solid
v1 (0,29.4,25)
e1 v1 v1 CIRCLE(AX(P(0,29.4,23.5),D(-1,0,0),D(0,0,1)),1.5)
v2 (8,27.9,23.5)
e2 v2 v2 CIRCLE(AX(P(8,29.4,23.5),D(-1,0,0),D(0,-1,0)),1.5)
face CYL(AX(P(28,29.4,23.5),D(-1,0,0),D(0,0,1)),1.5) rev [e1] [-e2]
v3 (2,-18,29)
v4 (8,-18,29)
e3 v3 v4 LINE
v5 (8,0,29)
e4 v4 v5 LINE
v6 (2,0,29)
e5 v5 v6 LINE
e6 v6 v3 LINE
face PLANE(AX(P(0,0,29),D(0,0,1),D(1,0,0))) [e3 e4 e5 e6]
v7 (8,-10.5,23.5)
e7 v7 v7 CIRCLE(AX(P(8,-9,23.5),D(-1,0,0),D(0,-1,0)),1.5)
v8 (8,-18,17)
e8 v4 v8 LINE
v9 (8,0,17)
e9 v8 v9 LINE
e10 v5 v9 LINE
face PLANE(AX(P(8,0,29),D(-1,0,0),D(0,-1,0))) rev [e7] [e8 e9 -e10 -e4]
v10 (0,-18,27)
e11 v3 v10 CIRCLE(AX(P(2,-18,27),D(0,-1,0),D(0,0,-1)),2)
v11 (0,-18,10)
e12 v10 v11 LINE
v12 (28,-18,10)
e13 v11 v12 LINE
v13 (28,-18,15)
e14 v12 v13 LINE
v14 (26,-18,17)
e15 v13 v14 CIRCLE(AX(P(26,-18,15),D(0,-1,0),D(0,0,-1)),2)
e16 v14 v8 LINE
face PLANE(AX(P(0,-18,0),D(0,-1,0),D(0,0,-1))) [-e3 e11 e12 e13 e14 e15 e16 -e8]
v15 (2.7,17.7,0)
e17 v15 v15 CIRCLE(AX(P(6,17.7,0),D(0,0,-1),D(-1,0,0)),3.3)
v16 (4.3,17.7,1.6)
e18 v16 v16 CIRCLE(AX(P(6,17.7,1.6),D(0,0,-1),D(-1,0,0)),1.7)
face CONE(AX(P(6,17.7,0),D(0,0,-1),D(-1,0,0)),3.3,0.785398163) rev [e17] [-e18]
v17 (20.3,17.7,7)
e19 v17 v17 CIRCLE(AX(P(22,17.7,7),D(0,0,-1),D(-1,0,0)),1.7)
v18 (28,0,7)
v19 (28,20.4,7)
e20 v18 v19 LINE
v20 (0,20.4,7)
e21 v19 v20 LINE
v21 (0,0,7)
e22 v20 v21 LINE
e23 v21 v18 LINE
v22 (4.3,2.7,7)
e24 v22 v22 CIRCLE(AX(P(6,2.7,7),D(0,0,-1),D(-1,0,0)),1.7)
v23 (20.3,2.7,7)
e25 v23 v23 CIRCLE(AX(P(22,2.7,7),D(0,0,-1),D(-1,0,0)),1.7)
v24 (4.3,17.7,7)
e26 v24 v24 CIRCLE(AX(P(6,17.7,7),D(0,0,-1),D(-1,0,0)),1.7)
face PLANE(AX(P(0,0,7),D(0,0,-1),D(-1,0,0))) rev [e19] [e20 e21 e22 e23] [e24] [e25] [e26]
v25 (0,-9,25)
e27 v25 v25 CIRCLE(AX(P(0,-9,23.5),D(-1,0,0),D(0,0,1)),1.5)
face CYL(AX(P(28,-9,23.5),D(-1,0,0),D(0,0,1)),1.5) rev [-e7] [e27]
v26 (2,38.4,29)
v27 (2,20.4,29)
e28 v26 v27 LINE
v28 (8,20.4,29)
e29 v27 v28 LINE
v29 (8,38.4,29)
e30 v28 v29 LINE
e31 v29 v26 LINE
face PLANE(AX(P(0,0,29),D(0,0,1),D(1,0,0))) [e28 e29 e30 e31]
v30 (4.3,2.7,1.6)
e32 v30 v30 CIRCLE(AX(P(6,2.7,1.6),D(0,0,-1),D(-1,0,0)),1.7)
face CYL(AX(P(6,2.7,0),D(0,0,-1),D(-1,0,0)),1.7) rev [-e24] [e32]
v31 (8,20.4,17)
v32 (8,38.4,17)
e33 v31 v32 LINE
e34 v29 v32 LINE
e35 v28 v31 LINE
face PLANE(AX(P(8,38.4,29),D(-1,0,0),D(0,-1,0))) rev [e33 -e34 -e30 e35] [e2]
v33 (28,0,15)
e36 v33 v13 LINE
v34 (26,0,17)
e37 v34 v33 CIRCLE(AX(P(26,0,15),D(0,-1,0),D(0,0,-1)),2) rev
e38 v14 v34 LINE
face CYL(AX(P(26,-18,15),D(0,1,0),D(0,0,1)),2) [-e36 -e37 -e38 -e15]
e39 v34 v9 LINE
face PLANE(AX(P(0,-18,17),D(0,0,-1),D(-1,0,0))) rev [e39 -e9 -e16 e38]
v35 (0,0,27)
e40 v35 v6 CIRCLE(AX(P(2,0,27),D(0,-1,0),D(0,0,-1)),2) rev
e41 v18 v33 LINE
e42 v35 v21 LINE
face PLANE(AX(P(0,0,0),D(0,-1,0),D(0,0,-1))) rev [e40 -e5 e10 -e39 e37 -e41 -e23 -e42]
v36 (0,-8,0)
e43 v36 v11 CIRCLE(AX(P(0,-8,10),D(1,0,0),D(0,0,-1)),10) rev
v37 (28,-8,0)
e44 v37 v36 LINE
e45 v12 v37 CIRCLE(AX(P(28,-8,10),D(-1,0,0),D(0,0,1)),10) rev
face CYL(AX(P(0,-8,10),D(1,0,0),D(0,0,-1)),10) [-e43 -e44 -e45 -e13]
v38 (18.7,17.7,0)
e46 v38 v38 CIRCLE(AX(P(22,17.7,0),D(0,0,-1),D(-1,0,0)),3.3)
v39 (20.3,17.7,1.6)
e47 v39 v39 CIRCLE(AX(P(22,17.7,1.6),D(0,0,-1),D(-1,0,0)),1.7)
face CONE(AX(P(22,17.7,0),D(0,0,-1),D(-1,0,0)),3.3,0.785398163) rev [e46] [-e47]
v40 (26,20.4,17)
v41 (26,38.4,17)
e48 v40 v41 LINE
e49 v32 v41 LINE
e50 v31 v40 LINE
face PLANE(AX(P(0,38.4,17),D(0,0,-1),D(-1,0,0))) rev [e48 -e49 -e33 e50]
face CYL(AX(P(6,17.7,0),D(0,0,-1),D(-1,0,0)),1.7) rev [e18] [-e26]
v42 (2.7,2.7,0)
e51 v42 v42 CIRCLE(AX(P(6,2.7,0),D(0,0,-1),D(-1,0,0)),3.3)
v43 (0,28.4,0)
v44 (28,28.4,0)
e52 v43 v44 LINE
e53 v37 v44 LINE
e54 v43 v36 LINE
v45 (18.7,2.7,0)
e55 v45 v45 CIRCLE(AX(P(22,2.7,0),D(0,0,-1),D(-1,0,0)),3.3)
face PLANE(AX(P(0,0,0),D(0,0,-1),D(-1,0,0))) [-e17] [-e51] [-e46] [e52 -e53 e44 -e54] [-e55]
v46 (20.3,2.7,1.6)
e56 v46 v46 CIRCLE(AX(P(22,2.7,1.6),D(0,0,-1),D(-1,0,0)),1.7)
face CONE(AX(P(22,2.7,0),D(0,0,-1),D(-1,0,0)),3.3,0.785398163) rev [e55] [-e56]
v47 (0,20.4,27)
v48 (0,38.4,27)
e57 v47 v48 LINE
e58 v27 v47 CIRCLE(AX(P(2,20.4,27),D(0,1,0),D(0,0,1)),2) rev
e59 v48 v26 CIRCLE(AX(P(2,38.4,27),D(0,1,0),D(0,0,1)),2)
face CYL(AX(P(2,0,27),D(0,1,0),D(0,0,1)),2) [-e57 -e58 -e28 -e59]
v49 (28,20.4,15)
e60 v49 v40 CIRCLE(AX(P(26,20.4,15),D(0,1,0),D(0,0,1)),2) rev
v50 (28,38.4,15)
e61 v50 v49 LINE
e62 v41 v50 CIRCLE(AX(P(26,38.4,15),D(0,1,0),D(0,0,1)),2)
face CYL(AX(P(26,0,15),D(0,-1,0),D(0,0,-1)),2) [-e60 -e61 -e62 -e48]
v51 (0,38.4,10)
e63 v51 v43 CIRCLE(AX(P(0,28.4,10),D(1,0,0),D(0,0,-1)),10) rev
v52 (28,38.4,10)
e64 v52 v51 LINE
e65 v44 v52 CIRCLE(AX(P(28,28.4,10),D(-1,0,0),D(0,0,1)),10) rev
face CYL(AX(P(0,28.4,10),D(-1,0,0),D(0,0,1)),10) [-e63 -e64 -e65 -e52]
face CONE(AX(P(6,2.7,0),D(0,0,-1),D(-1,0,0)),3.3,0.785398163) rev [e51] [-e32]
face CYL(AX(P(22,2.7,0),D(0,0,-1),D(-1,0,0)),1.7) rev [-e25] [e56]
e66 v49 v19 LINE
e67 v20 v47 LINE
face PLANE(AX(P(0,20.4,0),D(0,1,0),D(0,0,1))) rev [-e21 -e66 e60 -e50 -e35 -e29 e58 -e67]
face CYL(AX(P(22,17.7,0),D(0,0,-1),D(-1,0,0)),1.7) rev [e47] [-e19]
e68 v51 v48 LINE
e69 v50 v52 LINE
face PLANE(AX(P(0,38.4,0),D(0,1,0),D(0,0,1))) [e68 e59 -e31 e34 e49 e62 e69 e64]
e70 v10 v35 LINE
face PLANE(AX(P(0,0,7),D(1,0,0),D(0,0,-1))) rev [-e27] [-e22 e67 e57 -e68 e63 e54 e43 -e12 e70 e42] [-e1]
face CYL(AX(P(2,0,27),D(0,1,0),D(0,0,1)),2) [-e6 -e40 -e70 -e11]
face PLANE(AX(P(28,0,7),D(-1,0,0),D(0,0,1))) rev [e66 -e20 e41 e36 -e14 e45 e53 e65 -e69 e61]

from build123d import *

# Parameters (mm, degrees)
SKETCH_2_W                = 28
SKETCH_2_H                = 20.4
EXTRUDE_2_DEPTH           = 7
SKETCH_5_W                = 28
SKETCH_5_H                = 17
EXTRUDE_3_DEPTH           = 18
SKETCH_6_W                = 28
SKETCH_6_H                = 17
EXTRUDE_4_DEPTH           = 18
HOLE_WIZARD_2_D           = 3.4
HOLE_WIZARD_2_CSINK_D     = 6.6
HOLE_WIZARD_2_CSINK_ANGLE = 90
FILLET_1_R                = 10
SKETCH_18_W               = 8
SKETCH_18_H               = 18
EXTRUDE_5_DEPTH           = 12
SKETCH_19_R               = 1.5
CUT_EXTRUDE_6_DEPTH       = 56.673692171
FILLET_2_R                = 2


with BuildPart() as part:
    # 草图2 → 凸台-拉伸2 (new body)
    with BuildSketch(Plane.XY):
        with Locations((14, 10.2)):
            Rectangle(SKETCH_2_W, SKETCH_2_H)
    extrude(amount=EXTRUDE_2_DEPTH)

    # 草图5 → 凸台-拉伸3 (add)
    with BuildSketch(Plane(origin=(0, 20.4, 0), x_dir=(1, 0, 0), z_dir=(0, 1, 0))):
        with Locations((14, -8.5)):
            Rectangle(SKETCH_5_W, SKETCH_5_H)
    extrude(amount=EXTRUDE_3_DEPTH)

    # 草图6 → 凸台-拉伸4 (add)
    with BuildSketch(Plane.XZ):
        with Locations((14, 8.5)):
            Rectangle(SKETCH_6_W, SKETCH_6_H)
    extrude(amount=EXTRUDE_4_DEPTH)

    # 打孔尺寸(%根据十字)槽半沉头木螺钉的类型2 (through all)
    with Locations(Plane(origin=(0, 0, 0), x_dir=(-1, 0, 0), z_dir=(0, 0, -1))):
        with Locations((-22, 17.7), (-6, 17.7), (-6, 2.7), (-22, 2.7)):
            CounterSinkHole(HOLE_WIZARD_2_D / 2, HOLE_WIZARD_2_CSINK_D / 2, counter_sink_angle=HOLE_WIZARD_2_CSINK_ANGLE)

    # 圆角1
    fillet_1_edges = [part.edges().sort_by_distance(p)[0] for p in [
        (14, 38.4, 0),
        (14, -18, 0),
    ]]
    fillet(fillet_1_edges, radius=FILLET_1_R)

    # 草图18 → 凸台-拉伸5 (add)
    with BuildSketch(Plane.XY.offset(17)):
        with Locations((4, 29.4)):
            Rectangle(SKETCH_18_W, SKETCH_18_H)
        with Locations((4, -9)):
            Rectangle(SKETCH_18_W, SKETCH_18_H)
    extrude(amount=EXTRUDE_5_DEPTH)

    # 草图19 → 切除-拉伸6 (cut, through all)
    with BuildSketch(Plane.ZY):
        with Locations((23.5, 29.4)):
            Circle(SKETCH_19_R)
        with Locations((23.5, -9)):
            Circle(SKETCH_19_R)
    extrude(amount=-CUT_EXTRUDE_6_DEPTH, mode=Mode.SUBTRACT)

    # 圆角2
    fillet_2_edges = [part.edges().sort_by_distance(p)[0] for p in [
        (28, 29.4, 17),
        (28, -9, 17),
        (0, 29.4, 29),
        (0, -9, 29),
    ]]
    fillet(fillet_2_edges, radius=FILLET_2_R)


solid = part.part
